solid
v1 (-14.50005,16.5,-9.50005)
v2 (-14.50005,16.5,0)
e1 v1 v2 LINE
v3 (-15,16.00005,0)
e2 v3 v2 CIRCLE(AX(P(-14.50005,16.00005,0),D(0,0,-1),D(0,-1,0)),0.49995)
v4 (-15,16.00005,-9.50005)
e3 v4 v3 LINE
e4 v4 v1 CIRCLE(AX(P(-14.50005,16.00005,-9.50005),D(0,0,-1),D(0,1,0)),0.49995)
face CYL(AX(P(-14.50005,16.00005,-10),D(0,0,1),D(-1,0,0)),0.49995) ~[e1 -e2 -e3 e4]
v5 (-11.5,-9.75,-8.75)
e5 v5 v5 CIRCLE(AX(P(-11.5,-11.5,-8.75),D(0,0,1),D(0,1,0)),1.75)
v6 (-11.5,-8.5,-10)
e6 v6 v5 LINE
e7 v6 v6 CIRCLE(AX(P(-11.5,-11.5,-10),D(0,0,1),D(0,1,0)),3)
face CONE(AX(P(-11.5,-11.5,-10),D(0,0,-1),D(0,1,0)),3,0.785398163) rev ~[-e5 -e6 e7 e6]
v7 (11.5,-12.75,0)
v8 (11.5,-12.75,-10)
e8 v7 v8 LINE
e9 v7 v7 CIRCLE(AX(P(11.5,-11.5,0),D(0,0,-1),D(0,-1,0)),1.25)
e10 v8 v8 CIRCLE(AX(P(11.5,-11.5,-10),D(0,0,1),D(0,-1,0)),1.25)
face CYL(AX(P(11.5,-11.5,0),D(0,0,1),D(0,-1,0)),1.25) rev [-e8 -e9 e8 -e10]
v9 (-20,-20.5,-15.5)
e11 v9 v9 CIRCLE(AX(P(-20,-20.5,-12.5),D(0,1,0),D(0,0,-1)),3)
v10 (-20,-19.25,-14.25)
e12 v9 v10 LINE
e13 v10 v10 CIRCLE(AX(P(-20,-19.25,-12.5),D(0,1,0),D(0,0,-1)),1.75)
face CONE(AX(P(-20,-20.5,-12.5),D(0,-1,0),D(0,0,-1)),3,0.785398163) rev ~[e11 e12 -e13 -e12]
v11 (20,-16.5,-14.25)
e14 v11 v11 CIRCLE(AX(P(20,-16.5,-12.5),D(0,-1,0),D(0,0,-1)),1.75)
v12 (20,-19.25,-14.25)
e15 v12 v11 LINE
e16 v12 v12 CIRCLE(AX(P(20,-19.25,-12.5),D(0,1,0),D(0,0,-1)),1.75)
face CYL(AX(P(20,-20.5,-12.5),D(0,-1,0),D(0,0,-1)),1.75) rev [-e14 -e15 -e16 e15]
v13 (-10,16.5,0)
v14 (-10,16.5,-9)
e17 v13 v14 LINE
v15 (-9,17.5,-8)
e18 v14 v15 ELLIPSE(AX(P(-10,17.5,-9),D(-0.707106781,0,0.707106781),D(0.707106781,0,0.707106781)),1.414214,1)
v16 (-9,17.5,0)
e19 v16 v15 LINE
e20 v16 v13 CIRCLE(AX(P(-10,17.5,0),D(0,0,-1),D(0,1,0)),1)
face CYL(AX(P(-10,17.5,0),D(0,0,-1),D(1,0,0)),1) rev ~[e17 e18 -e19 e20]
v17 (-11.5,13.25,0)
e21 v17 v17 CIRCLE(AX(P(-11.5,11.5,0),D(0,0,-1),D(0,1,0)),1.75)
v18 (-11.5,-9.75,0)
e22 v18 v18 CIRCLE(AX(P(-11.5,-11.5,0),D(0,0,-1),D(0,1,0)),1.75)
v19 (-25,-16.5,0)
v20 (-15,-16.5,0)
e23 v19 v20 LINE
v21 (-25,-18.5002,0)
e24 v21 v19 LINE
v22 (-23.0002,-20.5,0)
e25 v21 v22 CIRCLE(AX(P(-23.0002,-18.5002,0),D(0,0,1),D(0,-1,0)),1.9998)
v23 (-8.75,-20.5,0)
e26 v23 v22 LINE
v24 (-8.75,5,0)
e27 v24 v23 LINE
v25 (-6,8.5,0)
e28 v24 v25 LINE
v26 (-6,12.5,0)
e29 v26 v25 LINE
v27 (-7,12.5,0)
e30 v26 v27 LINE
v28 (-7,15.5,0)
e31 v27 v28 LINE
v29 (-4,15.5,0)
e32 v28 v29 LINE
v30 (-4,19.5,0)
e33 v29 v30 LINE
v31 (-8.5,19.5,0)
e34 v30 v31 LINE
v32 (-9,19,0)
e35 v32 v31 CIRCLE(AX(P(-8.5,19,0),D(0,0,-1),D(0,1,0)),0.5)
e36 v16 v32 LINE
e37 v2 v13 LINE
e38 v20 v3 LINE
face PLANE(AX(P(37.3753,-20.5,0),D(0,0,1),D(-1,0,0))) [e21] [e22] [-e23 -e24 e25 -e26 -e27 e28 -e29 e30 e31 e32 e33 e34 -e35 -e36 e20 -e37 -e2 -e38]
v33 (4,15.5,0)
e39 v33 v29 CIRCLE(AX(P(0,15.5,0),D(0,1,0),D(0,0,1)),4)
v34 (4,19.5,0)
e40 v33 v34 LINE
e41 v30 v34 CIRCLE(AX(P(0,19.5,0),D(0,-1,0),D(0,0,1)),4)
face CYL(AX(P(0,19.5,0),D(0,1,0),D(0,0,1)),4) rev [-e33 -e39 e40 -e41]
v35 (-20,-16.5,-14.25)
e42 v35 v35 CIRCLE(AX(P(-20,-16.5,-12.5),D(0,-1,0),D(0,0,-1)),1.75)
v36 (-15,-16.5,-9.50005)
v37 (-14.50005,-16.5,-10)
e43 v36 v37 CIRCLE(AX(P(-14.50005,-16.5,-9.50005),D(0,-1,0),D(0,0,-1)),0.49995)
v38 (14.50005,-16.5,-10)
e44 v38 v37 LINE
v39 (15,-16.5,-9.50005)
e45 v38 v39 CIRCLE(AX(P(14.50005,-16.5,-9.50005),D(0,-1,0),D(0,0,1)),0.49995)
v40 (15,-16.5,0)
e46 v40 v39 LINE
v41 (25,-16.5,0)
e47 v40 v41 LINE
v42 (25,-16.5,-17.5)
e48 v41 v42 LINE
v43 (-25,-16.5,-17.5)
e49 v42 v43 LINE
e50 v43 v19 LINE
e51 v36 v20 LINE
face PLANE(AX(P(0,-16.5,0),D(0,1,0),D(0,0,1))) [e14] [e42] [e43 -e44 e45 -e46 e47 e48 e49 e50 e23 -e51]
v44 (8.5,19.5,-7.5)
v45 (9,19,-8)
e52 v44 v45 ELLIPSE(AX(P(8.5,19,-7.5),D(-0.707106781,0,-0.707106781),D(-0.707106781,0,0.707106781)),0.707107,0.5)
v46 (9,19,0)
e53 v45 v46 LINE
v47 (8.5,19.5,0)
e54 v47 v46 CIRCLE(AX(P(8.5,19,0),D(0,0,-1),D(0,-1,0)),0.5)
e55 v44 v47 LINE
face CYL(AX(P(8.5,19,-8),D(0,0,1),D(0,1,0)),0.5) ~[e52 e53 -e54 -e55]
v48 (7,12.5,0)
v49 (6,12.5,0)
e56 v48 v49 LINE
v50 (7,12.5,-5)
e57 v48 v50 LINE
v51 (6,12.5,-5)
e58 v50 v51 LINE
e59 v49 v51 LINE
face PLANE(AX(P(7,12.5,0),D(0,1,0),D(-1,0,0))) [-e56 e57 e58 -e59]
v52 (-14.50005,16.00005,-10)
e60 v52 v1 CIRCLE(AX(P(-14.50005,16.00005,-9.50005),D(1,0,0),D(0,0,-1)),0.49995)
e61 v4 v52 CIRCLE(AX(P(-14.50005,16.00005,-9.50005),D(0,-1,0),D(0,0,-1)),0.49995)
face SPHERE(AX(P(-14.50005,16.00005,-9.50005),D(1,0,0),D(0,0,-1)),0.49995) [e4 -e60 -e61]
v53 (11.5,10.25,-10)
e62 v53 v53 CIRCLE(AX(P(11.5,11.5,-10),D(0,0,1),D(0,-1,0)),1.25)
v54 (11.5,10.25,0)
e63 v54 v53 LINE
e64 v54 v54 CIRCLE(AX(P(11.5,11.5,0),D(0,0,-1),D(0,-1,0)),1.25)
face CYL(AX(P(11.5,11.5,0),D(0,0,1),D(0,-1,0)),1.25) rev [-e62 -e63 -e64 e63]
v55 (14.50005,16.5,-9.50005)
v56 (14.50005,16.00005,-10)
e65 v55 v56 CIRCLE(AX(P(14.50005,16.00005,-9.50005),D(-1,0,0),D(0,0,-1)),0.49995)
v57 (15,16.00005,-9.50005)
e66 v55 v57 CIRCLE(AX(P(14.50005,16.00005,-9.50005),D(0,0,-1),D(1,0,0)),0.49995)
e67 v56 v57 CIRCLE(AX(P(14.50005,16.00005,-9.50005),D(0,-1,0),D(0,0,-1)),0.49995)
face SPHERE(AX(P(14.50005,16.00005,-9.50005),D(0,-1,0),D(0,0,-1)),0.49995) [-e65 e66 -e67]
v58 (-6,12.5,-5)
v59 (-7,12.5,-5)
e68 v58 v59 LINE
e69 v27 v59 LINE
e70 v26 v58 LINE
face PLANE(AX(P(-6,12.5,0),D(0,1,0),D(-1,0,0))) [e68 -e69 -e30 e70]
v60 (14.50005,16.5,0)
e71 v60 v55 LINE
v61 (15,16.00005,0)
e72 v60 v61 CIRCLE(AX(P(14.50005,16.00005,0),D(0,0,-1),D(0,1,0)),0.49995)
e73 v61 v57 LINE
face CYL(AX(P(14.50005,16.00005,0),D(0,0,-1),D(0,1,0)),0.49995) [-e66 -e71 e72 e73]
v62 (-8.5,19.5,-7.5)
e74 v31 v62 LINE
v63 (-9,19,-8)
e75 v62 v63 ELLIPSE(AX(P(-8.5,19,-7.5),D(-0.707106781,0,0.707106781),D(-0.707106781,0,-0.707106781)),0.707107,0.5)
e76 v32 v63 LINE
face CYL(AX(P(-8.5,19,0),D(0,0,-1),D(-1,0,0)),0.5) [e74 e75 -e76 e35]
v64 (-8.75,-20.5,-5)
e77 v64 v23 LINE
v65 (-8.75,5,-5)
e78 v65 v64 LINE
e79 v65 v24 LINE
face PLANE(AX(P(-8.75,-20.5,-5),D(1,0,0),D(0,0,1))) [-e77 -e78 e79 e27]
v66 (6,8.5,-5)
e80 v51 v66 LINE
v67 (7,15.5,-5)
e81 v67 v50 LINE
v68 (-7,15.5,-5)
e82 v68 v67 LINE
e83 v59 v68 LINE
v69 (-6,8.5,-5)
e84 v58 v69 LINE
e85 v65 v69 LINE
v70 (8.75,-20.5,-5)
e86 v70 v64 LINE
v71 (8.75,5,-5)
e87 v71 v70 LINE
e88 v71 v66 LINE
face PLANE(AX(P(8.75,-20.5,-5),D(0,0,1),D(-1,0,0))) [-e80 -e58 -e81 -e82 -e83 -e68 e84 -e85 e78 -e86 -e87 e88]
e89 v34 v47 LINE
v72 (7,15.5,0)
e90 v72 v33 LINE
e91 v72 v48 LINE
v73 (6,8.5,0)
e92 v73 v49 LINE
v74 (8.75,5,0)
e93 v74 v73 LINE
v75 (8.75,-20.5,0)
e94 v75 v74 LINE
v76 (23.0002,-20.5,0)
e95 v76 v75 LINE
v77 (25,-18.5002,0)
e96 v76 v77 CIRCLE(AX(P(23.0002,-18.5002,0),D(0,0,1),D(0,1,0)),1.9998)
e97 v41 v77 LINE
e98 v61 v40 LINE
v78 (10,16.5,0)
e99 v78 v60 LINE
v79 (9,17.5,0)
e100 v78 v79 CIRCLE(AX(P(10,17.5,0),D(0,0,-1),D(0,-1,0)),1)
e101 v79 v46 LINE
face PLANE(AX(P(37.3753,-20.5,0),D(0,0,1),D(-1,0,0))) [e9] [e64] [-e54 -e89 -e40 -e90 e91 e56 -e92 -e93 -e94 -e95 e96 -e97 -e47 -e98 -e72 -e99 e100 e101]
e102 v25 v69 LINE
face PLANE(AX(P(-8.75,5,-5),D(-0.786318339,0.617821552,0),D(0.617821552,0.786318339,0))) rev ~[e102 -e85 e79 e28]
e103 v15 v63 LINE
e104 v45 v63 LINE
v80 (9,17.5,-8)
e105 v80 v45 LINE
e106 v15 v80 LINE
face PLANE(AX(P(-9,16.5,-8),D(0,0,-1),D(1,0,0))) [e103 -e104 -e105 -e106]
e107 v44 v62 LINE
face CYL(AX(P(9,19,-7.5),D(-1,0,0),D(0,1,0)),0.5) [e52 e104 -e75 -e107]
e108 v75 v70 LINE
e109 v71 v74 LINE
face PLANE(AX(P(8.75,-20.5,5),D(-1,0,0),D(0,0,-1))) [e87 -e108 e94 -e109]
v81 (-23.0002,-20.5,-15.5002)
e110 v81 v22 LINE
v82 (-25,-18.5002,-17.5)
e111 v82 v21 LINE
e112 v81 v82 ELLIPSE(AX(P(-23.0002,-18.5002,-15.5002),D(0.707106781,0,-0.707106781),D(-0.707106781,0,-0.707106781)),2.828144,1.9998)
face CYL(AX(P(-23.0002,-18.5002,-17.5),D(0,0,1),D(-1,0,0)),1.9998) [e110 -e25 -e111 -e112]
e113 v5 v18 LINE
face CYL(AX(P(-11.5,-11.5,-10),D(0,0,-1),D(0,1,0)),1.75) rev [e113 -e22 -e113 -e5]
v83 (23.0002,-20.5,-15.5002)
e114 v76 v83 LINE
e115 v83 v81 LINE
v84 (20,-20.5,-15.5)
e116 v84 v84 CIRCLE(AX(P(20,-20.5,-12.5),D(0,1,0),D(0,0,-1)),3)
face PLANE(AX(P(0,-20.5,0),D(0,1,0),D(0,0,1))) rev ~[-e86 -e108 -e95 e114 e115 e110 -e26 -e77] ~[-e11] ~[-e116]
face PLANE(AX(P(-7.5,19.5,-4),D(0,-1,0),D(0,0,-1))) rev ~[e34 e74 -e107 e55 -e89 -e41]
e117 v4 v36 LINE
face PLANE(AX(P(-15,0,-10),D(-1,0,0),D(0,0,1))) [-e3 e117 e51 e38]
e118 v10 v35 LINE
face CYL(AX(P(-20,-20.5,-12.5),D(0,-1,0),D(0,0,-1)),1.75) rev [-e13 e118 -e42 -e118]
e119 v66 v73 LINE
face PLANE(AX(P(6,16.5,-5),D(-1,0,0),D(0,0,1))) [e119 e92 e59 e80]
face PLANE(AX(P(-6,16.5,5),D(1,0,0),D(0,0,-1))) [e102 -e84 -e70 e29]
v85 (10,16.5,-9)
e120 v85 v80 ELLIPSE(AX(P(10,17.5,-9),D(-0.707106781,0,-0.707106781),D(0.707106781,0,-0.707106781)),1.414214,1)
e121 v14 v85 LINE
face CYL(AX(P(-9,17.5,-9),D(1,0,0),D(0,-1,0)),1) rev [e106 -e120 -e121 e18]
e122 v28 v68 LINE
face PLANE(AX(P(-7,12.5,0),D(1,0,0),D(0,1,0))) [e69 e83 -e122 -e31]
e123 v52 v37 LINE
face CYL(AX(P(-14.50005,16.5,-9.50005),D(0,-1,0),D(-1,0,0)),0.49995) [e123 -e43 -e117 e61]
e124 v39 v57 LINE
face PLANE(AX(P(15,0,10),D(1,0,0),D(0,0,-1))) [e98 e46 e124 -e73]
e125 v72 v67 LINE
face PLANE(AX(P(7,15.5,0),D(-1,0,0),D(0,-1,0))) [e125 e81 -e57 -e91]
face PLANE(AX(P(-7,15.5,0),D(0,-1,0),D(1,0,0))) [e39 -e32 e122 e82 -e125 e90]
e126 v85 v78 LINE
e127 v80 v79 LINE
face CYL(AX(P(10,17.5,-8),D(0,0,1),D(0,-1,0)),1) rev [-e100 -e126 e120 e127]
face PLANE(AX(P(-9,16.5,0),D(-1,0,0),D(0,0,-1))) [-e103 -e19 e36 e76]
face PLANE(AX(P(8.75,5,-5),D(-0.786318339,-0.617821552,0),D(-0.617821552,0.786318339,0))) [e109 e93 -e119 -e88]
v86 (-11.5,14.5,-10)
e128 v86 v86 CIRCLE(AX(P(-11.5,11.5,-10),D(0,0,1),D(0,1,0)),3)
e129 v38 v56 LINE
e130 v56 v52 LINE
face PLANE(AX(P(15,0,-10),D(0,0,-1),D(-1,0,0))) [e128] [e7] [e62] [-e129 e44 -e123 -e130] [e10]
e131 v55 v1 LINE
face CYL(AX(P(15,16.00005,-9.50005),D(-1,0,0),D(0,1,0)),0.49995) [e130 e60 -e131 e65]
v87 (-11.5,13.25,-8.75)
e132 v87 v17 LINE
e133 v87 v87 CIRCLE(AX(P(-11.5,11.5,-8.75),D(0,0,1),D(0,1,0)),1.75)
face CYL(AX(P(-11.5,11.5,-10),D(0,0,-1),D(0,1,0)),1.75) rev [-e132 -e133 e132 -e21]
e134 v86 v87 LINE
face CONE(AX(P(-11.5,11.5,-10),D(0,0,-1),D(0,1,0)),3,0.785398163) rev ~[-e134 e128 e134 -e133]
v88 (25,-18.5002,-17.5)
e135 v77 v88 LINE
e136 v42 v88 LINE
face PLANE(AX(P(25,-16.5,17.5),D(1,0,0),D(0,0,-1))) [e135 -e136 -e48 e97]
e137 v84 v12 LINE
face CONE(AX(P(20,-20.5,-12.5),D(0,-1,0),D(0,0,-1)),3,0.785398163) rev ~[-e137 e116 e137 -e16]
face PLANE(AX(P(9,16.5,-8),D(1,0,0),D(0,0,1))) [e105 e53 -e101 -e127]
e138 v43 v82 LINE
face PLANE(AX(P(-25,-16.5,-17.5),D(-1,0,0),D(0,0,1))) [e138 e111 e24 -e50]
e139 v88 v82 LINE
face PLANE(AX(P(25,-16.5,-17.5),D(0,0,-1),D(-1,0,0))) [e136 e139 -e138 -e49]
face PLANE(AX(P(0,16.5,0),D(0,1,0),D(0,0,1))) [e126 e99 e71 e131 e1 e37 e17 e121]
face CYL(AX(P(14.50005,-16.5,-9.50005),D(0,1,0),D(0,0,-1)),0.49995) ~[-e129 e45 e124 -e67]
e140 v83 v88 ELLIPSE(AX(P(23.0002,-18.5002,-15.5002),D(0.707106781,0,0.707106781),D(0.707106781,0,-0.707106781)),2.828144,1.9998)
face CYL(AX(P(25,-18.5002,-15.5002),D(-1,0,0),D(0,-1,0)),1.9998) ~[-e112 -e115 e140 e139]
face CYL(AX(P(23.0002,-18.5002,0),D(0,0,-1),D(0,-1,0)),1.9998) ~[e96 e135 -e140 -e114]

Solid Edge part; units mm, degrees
sketch "Sketch1" plane through (0, 0, 0) normal (0, -1, 0) x (1, 0, 0)
  line L0 (-15, 10) -> (15, 10)
  line L1 (15, 10) -> (15, -10)
  line L2 (15, -10) -> (-15, -10)
  line L3 (-15, -10) -> (-15, 10)
  dimension "D1" = 20
  dimension "D2" = 30
extrude "Protrusion1" add sketch "Sketch1" along normal mid plane 33
sketch "Sketch2" plane through (0, -16.5, 0) normal (0, -1, 0) x (1, 0, 0)
  line L0 (-25, 17.5) -> (25, 17.5)
  line L1 (25, 17.5) -> (25, -17.5)
  line L2 (25, -17.5) -> (-25, -17.5)
  line L3 (-25, -17.5) -> (-25, 17.5)
  dimension "D1" = 50
  dimension "D2" = 35
extrude "Ausprägung_2" add sketch "Sketch2" along normal blind 4
sketch "Sketch3" plane through (0, -20.5, 0) normal (0, -1, 0) x (1, 0, 0)
  line L0 (-8.75, 5) -> (8.75, 5)
  line L1 (8.75, 5) -> (8.75, -5)
  line L2 (8.75, -5) -> (-8.75, -5)
  line L3 (-8.75, -5) -> (-8.75, 5)
  dimension "D1" = 17.5
  dimension "D2" = 10
extrude "Ausschnitt_1" cut sketch "Sketch3" against normal blind 9
sketch "Sketch4" plane through (0, -11.5, 0) normal (0, -1, 0) x (1, 0, 0)
  line L0 (-8.75, 5) -> (8.75, 5)
  line L1 (8.75, 5) -> (8.75, -5)
  line L2 (8.75, -5) -> (-8.75, -5)
  line L3 (-8.75, -5) -> (-8.75, 5)
  dimension "D1" = 17.5
  dimension "D2" = 10
extrude "Ausschnitt_2" cut sketch "Sketch4" against normal blind 20
sketch "Sketch5" plane through (0, 16.5, 0) normal (0, 1, 0) x (-1, 0, 0)
  line L0 (6, 5) -> (6, -5)
  line L1 (6, -5) -> (-6, -5)
  line L2 (-6, -5) -> (-6, 5)
  line L3 (-6, 5) -> (6, 5)
  dimension "D1" = 10
  dimension "D2" = 12
extrude "Ausschnitt_3" cut sketch "Sketch5" against normal blind 8
sketch "Sketch6" plane through (0, -20.5, 0) normal (0, -1, 0) x (1, 0, 0)
  line L0 (-37.3753, 23.8002) -> (37.3753, 23.8002)
  line L1 (37.3753, 23.8002) -> (37.3753, 0)
  line L2 (37.3753, 0) -> (-37.3753, 0)
  line L3 (-37.3753, 0) -> (-37.3753, 23.8002)
extrude "Ausschnitt_4" cut sketch "Sketch6" against normal blind 187.325
hole "Bohrung_1" at (20, -20.5, -12.5) direction (0, 1, 0) diameter 3.5 end up to next countersink diameter 6 countersink angle 90
hole "Hole1" at (-20, -20.5, -12.5) direction (0, 1, 0) diameter 3.5 end up to next countersink diameter 6 countersink angle 90
hole "Bohrung_3" at (11.5, -11.5, 0) direction (0, 0, -1) diameter 2.5 end through all
hole "Hole2" at (11.5, 11.5, 0) direction (0, 0, -1) diameter 2.5 end through all
hole "Bohrung_5" at (-11.5, 11.5, -10) direction (0, 0, 1) diameter 3.5 end up to next countersink diameter 6 countersink angle 90
hole "Hole3" at (-11.5, -11.5, -10) direction (0, 0, 1) diameter 3.5 end up to next countersink diameter 6 countersink angle 90
fillet "Verrundung_2" radius 2 3 edges at (25, -20.5, -8.75) (0, -20.5, -17.5) (-25, -20.5, -8.75)
fillet "Verrundung_3" radius 0.5 5 edges at (15, 0, -10) (0, 16.5, -10) (-15, 0, -10) (-15, 16.5, -5) (15, 16.5, -5)
sketch "Sketch7" plane through (-15.5, -2, 0) normal (0, 0, 1) x (1, 0, 0)
  line L0 (8.5, 17.5) -> (9.5, 17.5)
  line L1 (9.5, 17.5) -> (9.5, 14.5)
  line L2 (9.5, 14.5) -> (8.5, 14.5)
  line L3 (8.5, 14.5) -> (8.5, 17.5)
  dimension "D1" = 4
  dimension "D2" = 3
  dimension "D3" = 1
extrude "Ausschnitt_6" cut sketch "Sketch7" against normal blind 5
sketch "Sketch8" plane through (15.5, -2, 0) normal (0, 0, 1) x (1, 0, 0)
  line L0 (-9.5, 17.5) -> (-8.5, 17.5)
  line L1 (-8.5, 17.5) -> (-8.5, 14.5)
  line L2 (-8.5, 14.5) -> (-9.5, 14.5)
  line L3 (-9.5, 14.5) -> (-9.5, 17.5)
  dimension "D1" = 4
  dimension "D2" = 3
  dimension "D3" = 1
extrude "Ausschnitt_7" cut sketch "Sketch8" against normal blind 5
sketch "Sketch9" plane through (0, 16.5, -4.75) normal (0, 1, 0) x (1, 0, 0)
  line L0 (-9, 3.25) -> (-6, 3.25)
  line L1 (-6, 3.25) -> (-6, -4.75)
  line L2 (-6, -4.75) -> (-9, -4.75)
  line L3 (-9, -4.75) -> (-9, 3.25)
  dimension "D1" = 3
  dimension "D2" = 8
extrude "Ausprägung_3" add sketch "Sketch9" along normal blind 3
sketch "Sketch10" plane through (0, 16.5, -4.75) normal (0, 1, 0) x (1, 0, 0)
  line L0 (6, 3.25) -> (9, 3.25)
  line L1 (9, 3.25) -> (9, -4.75)
  line L2 (9, -4.75) -> (6, -4.75)
  line L3 (6, -4.75) -> (6, 3.25)
  dimension "D1" = 3
  dimension "D2" = 8
extrude "Ausprägung_4" add sketch "Sketch10" along normal blind 3
sketch "Sketch11" plane through (0, 16.5, -4.75) normal (0, 1, 0) x (1, 0, 0)
  line L0 (-6, 3.25) -> (6, 3.25)
  line L1 (6, 3.25) -> (6, 0.25)
  line L2 (6, 0.25) -> (-6, 0.25)
  line L3 (-6, 0.25) -> (-6, 3.25)
  dimension "D1" = 12
  dimension "D2" = 3
extrude "Ausprägung_5" add sketch "Sketch11" along normal blind 3
fillet "Verrundung_4" radius 1 3 edges at (0, 16.5, -8) (-9, 16.5, -4) (9, 16.5, -4)
fillet "Verrundung_5" radius 0.5 3 edges at (0, 19.5, -8) (-9, 19.5, -4) (9, 19.5, -4)
sketch "Sketch12" plane through (0, -0.5, -5) normal (0, 0, 1) x (0, -1, 0)
  line L0 (-9, 8.75) -> (-5.5, 8.75)
  line L1 (-5.5, 8.75) -> (-9, 6)
  line L2 (-9, 6) -> (-9, 8.75)
  dimension "D1" = 3.5
extrude "Ausprägung_6" add sketch "Sketch12" along normal blind 5
sketch "Sketch13" plane through (0, -0.5, -5) normal (0, 0, 1) x (0, -1, 0)
  line L0 (-9, -8.75) -> (-5.5, -8.75)
  line L1 (-5.5, -8.75) -> (-9, -6)
  line L2 (-9, -6) -> (-9, -8.75)
  dimension "D1" = 3.5
extrude "Ausprägung_7" add sketch "Sketch13" along normal blind 5
sketch "Sketch14" plane through (0, -0.5, -5) normal (0, 0, 1) x (0, -1, 0)
  line L0 (-20, 6) -> (-16, 6)
  line L1 (-16, 6) -> (-16, -6)
  line L2 (-16, -6) -> (-20, -6)
  line L3 (-20, -6) -> (-20, 6)
  dimension "D1" = 4
extrude "Ausprägung_9" add sketch "Sketch14" along normal blind 10
hole "Bohrung_7" at (0, 19.5, 0) direction (0, -1, 0) diameter 8 end up to next
sketch "Sketch15" plane through (0, 19.5, -1.25) normal (0, 1, 0) x (0, 0, 1)
  line L0 (1.25, 6) -> (6.25, 6)
  line L1 (6.25, 6) -> (6.25, -6)
  line L2 (6.25, -6) -> (1.25, -6)
  line L3 (1.25, -6) -> (1.25, 6)
extrude "Ausschnitt_8" cut sketch "Sketch15" against normal blind 244.475
